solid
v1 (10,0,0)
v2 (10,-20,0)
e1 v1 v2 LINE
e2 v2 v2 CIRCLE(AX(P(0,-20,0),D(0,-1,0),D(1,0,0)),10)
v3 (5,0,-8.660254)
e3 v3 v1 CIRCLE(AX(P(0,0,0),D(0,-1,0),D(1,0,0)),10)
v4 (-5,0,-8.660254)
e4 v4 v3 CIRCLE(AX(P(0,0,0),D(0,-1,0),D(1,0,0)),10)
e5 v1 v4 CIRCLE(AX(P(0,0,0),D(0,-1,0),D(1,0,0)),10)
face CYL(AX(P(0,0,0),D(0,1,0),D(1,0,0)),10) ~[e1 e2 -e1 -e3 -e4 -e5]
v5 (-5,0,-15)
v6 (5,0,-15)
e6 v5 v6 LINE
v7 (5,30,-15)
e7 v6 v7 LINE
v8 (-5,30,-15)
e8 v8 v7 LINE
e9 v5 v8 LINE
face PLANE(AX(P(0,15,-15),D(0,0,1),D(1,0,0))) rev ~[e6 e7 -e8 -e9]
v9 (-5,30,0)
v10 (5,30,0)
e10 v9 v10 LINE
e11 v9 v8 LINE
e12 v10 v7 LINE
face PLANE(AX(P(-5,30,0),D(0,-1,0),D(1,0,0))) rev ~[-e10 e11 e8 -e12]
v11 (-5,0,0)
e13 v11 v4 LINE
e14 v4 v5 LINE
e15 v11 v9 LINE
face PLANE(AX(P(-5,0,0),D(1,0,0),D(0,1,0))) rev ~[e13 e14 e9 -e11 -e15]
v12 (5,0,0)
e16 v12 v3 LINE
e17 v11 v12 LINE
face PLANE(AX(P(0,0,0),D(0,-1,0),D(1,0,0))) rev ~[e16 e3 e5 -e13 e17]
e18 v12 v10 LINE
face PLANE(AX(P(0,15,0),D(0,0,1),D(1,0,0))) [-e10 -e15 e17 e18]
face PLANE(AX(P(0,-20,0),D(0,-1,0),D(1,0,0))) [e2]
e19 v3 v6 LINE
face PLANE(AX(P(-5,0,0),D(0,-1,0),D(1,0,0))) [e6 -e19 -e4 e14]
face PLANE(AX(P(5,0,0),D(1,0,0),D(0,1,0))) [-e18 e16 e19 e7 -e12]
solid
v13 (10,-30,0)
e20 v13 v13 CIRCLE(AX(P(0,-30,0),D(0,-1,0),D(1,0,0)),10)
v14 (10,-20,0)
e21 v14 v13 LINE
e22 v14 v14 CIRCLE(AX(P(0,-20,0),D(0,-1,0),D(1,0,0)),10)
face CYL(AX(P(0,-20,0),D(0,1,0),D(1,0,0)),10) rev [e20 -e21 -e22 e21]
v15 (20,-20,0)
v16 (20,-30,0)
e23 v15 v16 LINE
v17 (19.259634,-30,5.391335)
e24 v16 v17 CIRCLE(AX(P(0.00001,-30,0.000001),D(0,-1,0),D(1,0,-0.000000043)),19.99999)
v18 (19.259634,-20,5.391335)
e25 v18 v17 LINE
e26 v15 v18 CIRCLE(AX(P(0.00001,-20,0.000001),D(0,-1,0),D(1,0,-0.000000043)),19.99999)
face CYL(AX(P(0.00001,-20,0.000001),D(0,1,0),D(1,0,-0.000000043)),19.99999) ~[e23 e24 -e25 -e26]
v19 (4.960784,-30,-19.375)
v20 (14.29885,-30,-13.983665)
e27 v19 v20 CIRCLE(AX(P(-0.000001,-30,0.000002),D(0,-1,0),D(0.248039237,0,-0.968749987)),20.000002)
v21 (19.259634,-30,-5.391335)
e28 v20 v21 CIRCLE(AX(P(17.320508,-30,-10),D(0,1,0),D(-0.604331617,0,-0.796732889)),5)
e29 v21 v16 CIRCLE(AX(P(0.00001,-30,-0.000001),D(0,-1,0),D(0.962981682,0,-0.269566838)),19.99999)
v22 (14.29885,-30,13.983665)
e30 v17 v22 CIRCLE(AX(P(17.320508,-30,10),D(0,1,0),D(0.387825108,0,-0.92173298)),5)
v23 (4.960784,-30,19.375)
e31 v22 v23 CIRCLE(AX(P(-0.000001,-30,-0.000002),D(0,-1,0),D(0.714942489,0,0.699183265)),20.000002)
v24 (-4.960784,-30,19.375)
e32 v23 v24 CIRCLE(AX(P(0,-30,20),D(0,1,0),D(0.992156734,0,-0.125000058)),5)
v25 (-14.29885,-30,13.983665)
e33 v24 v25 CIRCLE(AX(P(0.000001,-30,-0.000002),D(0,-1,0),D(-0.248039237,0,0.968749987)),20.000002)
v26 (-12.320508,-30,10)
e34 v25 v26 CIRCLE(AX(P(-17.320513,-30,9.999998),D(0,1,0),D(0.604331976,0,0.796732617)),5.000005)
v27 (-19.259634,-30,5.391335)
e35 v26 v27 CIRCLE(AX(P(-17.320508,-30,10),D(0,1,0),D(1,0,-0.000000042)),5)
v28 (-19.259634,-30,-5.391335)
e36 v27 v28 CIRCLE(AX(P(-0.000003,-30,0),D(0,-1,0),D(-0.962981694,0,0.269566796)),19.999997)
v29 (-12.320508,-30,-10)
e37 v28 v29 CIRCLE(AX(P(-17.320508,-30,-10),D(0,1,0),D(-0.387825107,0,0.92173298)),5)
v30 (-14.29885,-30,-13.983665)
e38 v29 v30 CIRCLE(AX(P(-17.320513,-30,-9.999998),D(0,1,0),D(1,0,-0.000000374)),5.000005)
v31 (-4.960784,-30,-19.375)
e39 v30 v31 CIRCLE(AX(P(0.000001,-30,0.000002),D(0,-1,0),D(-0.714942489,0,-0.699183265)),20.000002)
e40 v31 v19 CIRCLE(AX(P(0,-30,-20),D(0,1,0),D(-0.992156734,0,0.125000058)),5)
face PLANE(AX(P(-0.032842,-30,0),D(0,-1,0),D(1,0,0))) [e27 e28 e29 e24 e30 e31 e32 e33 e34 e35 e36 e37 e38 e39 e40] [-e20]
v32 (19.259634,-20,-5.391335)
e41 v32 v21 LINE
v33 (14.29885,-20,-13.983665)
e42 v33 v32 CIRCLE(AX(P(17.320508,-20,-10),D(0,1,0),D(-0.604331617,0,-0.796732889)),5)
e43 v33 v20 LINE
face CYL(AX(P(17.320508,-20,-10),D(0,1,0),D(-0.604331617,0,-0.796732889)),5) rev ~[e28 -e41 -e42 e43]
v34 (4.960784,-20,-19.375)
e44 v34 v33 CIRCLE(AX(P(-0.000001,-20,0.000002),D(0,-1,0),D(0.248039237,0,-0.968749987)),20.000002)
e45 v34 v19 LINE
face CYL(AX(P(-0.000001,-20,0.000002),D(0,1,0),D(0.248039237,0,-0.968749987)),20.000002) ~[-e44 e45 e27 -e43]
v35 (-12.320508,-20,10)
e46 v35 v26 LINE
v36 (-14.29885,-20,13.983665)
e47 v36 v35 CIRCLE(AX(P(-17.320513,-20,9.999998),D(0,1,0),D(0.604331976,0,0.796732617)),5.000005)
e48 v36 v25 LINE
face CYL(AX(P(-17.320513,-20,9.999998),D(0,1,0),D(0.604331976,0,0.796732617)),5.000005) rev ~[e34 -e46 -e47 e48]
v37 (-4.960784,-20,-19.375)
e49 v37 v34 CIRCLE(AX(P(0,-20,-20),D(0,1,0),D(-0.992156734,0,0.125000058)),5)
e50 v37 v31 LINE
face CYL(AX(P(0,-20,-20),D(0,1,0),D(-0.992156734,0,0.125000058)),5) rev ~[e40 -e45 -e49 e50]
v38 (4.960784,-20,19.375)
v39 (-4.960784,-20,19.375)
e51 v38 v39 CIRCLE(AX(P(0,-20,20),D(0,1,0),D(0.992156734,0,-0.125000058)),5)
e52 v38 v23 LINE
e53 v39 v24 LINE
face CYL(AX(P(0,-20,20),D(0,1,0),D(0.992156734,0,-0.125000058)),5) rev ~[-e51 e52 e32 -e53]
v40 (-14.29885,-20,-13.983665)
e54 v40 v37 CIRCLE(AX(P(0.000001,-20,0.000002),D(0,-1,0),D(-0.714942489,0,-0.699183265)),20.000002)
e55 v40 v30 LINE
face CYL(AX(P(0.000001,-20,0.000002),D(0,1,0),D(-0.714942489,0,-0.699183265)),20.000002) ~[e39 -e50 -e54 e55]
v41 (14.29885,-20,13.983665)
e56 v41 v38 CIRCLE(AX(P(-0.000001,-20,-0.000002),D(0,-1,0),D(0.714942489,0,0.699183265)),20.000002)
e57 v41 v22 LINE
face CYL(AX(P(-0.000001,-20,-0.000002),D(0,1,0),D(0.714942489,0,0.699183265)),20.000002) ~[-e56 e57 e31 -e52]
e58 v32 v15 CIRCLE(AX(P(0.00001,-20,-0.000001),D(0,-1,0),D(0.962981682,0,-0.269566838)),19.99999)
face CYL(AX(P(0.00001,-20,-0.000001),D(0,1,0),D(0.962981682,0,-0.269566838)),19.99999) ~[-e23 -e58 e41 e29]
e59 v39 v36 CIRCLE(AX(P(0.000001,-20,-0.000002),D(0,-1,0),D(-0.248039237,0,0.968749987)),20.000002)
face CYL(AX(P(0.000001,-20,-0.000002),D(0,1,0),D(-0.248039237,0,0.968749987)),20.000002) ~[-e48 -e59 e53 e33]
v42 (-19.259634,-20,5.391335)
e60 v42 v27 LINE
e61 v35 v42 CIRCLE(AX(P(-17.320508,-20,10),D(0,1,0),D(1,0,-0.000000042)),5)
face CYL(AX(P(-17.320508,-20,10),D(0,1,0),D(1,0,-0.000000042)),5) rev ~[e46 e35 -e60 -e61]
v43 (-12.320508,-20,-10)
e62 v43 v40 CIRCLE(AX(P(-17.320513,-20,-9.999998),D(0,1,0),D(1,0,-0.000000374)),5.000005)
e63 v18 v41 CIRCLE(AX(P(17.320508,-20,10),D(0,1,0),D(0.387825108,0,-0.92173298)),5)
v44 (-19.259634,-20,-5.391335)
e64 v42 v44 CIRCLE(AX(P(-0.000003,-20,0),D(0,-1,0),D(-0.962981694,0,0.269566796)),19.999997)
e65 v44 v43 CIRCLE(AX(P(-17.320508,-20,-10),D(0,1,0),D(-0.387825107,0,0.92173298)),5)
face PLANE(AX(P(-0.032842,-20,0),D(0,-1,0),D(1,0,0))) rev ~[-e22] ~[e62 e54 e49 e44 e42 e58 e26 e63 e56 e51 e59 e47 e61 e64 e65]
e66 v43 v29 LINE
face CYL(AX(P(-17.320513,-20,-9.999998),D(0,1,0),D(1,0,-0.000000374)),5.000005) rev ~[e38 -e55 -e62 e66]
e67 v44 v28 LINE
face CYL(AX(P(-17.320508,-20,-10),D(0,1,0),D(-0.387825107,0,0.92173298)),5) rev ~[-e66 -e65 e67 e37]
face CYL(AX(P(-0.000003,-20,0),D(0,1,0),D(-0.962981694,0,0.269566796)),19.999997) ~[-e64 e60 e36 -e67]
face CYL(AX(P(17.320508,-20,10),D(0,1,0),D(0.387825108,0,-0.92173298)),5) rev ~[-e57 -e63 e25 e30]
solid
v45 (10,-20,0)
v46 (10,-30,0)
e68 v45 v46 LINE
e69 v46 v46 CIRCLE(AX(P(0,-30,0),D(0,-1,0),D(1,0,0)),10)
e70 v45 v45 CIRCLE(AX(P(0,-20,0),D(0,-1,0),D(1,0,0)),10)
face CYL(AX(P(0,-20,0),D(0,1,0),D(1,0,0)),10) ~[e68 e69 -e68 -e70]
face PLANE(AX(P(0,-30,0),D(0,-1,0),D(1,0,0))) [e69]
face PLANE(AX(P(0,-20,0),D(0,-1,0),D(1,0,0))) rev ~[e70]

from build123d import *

# Parameters (mm, degrees)
F0_R     = 10
F1_DEPTH = 20
F2_R     = 10
F3_DEPTH = 10
F4_R     = 10
F5_DEPTH = 10
F6_W     = 10
F6_H     = 30
F7_DEPTH = 15


with BuildPart() as f1:
    # F0 (on Front) → F1 (new body)
    with BuildSketch(Plane.XZ):
        Circle(F0_R)
    extrude(amount=F1_DEPTH)

    # F6 (on Top) → F7 (join)
    with BuildSketch(Plane.XY):
        with Locations((0, 15)):
            Rectangle(F6_W, F6_H)
    extrude(amount=-F7_DEPTH)


with BuildPart() as f3:
    # F2 (on face) → F3 (new body)
    with BuildSketch(Plane.XZ.offset(20)):
        with BuildLine():
            ThreePointArc((19.259634, -5.391335), (19.814044, -2.720967), (20, 0))
            ThreePointArc((20, 0), (19.814044, 2.720967), (19.259634, 5.391335))
            ThreePointArc((19.259634, 5.391335), (12.990381, 7.5), (14.29885, 13.983665))
            ThreePointArc((14.29885, 13.983665), (10, 17.320508), (4.960784, 19.375))
            ThreePointArc((4.960784, 19.375), (0, 15), (-4.960784, 19.375))
            ThreePointArc((-4.960784, 19.375), (-10, 17.320508), (-14.29885, 13.983665))
            ThreePointArc((-14.29885, 13.983665), (-12.842323, 12.223928), (-12.320508, 10))
            ThreePointArc((-12.320508, 10), (-14.55425, 5.834929), (-19.259634, 5.391335))
            ThreePointArc((-19.259634, 5.391335), (-20, 0), (-19.259634, -5.391335))
            ThreePointArc((-19.259634, -5.391335), (-14.55425, -5.834929), (-12.320508, -10))
            ThreePointArc((-12.320508, -10), (-12.842323, -12.223928), (-14.29885, -13.983665))
            ThreePointArc((-14.29885, -13.983665), (-10, -17.320508), (-4.960784, -19.375))
            ThreePointArc((-4.960784, -19.375), (0, -15), (4.960784, -19.375))
            ThreePointArc((4.960784, -19.375), (10, -17.320508), (14.29885, -13.983665))
            ThreePointArc((14.29885, -13.983665), (12.990381, -7.5), (19.259634, -5.391335))
        make_face()
        Circle(F2_R, mode=Mode.SUBTRACT)
    extrude(amount=F3_DEPTH)


with BuildPart() as f5:
    # F4 (on face) → F5 (new body)
    with BuildSketch(Plane.XZ.offset(20)):
        Circle(F4_R)
    extrude(amount=F5_DEPTH)


solid = Compound([f1.part, f3.part, f5.part])
